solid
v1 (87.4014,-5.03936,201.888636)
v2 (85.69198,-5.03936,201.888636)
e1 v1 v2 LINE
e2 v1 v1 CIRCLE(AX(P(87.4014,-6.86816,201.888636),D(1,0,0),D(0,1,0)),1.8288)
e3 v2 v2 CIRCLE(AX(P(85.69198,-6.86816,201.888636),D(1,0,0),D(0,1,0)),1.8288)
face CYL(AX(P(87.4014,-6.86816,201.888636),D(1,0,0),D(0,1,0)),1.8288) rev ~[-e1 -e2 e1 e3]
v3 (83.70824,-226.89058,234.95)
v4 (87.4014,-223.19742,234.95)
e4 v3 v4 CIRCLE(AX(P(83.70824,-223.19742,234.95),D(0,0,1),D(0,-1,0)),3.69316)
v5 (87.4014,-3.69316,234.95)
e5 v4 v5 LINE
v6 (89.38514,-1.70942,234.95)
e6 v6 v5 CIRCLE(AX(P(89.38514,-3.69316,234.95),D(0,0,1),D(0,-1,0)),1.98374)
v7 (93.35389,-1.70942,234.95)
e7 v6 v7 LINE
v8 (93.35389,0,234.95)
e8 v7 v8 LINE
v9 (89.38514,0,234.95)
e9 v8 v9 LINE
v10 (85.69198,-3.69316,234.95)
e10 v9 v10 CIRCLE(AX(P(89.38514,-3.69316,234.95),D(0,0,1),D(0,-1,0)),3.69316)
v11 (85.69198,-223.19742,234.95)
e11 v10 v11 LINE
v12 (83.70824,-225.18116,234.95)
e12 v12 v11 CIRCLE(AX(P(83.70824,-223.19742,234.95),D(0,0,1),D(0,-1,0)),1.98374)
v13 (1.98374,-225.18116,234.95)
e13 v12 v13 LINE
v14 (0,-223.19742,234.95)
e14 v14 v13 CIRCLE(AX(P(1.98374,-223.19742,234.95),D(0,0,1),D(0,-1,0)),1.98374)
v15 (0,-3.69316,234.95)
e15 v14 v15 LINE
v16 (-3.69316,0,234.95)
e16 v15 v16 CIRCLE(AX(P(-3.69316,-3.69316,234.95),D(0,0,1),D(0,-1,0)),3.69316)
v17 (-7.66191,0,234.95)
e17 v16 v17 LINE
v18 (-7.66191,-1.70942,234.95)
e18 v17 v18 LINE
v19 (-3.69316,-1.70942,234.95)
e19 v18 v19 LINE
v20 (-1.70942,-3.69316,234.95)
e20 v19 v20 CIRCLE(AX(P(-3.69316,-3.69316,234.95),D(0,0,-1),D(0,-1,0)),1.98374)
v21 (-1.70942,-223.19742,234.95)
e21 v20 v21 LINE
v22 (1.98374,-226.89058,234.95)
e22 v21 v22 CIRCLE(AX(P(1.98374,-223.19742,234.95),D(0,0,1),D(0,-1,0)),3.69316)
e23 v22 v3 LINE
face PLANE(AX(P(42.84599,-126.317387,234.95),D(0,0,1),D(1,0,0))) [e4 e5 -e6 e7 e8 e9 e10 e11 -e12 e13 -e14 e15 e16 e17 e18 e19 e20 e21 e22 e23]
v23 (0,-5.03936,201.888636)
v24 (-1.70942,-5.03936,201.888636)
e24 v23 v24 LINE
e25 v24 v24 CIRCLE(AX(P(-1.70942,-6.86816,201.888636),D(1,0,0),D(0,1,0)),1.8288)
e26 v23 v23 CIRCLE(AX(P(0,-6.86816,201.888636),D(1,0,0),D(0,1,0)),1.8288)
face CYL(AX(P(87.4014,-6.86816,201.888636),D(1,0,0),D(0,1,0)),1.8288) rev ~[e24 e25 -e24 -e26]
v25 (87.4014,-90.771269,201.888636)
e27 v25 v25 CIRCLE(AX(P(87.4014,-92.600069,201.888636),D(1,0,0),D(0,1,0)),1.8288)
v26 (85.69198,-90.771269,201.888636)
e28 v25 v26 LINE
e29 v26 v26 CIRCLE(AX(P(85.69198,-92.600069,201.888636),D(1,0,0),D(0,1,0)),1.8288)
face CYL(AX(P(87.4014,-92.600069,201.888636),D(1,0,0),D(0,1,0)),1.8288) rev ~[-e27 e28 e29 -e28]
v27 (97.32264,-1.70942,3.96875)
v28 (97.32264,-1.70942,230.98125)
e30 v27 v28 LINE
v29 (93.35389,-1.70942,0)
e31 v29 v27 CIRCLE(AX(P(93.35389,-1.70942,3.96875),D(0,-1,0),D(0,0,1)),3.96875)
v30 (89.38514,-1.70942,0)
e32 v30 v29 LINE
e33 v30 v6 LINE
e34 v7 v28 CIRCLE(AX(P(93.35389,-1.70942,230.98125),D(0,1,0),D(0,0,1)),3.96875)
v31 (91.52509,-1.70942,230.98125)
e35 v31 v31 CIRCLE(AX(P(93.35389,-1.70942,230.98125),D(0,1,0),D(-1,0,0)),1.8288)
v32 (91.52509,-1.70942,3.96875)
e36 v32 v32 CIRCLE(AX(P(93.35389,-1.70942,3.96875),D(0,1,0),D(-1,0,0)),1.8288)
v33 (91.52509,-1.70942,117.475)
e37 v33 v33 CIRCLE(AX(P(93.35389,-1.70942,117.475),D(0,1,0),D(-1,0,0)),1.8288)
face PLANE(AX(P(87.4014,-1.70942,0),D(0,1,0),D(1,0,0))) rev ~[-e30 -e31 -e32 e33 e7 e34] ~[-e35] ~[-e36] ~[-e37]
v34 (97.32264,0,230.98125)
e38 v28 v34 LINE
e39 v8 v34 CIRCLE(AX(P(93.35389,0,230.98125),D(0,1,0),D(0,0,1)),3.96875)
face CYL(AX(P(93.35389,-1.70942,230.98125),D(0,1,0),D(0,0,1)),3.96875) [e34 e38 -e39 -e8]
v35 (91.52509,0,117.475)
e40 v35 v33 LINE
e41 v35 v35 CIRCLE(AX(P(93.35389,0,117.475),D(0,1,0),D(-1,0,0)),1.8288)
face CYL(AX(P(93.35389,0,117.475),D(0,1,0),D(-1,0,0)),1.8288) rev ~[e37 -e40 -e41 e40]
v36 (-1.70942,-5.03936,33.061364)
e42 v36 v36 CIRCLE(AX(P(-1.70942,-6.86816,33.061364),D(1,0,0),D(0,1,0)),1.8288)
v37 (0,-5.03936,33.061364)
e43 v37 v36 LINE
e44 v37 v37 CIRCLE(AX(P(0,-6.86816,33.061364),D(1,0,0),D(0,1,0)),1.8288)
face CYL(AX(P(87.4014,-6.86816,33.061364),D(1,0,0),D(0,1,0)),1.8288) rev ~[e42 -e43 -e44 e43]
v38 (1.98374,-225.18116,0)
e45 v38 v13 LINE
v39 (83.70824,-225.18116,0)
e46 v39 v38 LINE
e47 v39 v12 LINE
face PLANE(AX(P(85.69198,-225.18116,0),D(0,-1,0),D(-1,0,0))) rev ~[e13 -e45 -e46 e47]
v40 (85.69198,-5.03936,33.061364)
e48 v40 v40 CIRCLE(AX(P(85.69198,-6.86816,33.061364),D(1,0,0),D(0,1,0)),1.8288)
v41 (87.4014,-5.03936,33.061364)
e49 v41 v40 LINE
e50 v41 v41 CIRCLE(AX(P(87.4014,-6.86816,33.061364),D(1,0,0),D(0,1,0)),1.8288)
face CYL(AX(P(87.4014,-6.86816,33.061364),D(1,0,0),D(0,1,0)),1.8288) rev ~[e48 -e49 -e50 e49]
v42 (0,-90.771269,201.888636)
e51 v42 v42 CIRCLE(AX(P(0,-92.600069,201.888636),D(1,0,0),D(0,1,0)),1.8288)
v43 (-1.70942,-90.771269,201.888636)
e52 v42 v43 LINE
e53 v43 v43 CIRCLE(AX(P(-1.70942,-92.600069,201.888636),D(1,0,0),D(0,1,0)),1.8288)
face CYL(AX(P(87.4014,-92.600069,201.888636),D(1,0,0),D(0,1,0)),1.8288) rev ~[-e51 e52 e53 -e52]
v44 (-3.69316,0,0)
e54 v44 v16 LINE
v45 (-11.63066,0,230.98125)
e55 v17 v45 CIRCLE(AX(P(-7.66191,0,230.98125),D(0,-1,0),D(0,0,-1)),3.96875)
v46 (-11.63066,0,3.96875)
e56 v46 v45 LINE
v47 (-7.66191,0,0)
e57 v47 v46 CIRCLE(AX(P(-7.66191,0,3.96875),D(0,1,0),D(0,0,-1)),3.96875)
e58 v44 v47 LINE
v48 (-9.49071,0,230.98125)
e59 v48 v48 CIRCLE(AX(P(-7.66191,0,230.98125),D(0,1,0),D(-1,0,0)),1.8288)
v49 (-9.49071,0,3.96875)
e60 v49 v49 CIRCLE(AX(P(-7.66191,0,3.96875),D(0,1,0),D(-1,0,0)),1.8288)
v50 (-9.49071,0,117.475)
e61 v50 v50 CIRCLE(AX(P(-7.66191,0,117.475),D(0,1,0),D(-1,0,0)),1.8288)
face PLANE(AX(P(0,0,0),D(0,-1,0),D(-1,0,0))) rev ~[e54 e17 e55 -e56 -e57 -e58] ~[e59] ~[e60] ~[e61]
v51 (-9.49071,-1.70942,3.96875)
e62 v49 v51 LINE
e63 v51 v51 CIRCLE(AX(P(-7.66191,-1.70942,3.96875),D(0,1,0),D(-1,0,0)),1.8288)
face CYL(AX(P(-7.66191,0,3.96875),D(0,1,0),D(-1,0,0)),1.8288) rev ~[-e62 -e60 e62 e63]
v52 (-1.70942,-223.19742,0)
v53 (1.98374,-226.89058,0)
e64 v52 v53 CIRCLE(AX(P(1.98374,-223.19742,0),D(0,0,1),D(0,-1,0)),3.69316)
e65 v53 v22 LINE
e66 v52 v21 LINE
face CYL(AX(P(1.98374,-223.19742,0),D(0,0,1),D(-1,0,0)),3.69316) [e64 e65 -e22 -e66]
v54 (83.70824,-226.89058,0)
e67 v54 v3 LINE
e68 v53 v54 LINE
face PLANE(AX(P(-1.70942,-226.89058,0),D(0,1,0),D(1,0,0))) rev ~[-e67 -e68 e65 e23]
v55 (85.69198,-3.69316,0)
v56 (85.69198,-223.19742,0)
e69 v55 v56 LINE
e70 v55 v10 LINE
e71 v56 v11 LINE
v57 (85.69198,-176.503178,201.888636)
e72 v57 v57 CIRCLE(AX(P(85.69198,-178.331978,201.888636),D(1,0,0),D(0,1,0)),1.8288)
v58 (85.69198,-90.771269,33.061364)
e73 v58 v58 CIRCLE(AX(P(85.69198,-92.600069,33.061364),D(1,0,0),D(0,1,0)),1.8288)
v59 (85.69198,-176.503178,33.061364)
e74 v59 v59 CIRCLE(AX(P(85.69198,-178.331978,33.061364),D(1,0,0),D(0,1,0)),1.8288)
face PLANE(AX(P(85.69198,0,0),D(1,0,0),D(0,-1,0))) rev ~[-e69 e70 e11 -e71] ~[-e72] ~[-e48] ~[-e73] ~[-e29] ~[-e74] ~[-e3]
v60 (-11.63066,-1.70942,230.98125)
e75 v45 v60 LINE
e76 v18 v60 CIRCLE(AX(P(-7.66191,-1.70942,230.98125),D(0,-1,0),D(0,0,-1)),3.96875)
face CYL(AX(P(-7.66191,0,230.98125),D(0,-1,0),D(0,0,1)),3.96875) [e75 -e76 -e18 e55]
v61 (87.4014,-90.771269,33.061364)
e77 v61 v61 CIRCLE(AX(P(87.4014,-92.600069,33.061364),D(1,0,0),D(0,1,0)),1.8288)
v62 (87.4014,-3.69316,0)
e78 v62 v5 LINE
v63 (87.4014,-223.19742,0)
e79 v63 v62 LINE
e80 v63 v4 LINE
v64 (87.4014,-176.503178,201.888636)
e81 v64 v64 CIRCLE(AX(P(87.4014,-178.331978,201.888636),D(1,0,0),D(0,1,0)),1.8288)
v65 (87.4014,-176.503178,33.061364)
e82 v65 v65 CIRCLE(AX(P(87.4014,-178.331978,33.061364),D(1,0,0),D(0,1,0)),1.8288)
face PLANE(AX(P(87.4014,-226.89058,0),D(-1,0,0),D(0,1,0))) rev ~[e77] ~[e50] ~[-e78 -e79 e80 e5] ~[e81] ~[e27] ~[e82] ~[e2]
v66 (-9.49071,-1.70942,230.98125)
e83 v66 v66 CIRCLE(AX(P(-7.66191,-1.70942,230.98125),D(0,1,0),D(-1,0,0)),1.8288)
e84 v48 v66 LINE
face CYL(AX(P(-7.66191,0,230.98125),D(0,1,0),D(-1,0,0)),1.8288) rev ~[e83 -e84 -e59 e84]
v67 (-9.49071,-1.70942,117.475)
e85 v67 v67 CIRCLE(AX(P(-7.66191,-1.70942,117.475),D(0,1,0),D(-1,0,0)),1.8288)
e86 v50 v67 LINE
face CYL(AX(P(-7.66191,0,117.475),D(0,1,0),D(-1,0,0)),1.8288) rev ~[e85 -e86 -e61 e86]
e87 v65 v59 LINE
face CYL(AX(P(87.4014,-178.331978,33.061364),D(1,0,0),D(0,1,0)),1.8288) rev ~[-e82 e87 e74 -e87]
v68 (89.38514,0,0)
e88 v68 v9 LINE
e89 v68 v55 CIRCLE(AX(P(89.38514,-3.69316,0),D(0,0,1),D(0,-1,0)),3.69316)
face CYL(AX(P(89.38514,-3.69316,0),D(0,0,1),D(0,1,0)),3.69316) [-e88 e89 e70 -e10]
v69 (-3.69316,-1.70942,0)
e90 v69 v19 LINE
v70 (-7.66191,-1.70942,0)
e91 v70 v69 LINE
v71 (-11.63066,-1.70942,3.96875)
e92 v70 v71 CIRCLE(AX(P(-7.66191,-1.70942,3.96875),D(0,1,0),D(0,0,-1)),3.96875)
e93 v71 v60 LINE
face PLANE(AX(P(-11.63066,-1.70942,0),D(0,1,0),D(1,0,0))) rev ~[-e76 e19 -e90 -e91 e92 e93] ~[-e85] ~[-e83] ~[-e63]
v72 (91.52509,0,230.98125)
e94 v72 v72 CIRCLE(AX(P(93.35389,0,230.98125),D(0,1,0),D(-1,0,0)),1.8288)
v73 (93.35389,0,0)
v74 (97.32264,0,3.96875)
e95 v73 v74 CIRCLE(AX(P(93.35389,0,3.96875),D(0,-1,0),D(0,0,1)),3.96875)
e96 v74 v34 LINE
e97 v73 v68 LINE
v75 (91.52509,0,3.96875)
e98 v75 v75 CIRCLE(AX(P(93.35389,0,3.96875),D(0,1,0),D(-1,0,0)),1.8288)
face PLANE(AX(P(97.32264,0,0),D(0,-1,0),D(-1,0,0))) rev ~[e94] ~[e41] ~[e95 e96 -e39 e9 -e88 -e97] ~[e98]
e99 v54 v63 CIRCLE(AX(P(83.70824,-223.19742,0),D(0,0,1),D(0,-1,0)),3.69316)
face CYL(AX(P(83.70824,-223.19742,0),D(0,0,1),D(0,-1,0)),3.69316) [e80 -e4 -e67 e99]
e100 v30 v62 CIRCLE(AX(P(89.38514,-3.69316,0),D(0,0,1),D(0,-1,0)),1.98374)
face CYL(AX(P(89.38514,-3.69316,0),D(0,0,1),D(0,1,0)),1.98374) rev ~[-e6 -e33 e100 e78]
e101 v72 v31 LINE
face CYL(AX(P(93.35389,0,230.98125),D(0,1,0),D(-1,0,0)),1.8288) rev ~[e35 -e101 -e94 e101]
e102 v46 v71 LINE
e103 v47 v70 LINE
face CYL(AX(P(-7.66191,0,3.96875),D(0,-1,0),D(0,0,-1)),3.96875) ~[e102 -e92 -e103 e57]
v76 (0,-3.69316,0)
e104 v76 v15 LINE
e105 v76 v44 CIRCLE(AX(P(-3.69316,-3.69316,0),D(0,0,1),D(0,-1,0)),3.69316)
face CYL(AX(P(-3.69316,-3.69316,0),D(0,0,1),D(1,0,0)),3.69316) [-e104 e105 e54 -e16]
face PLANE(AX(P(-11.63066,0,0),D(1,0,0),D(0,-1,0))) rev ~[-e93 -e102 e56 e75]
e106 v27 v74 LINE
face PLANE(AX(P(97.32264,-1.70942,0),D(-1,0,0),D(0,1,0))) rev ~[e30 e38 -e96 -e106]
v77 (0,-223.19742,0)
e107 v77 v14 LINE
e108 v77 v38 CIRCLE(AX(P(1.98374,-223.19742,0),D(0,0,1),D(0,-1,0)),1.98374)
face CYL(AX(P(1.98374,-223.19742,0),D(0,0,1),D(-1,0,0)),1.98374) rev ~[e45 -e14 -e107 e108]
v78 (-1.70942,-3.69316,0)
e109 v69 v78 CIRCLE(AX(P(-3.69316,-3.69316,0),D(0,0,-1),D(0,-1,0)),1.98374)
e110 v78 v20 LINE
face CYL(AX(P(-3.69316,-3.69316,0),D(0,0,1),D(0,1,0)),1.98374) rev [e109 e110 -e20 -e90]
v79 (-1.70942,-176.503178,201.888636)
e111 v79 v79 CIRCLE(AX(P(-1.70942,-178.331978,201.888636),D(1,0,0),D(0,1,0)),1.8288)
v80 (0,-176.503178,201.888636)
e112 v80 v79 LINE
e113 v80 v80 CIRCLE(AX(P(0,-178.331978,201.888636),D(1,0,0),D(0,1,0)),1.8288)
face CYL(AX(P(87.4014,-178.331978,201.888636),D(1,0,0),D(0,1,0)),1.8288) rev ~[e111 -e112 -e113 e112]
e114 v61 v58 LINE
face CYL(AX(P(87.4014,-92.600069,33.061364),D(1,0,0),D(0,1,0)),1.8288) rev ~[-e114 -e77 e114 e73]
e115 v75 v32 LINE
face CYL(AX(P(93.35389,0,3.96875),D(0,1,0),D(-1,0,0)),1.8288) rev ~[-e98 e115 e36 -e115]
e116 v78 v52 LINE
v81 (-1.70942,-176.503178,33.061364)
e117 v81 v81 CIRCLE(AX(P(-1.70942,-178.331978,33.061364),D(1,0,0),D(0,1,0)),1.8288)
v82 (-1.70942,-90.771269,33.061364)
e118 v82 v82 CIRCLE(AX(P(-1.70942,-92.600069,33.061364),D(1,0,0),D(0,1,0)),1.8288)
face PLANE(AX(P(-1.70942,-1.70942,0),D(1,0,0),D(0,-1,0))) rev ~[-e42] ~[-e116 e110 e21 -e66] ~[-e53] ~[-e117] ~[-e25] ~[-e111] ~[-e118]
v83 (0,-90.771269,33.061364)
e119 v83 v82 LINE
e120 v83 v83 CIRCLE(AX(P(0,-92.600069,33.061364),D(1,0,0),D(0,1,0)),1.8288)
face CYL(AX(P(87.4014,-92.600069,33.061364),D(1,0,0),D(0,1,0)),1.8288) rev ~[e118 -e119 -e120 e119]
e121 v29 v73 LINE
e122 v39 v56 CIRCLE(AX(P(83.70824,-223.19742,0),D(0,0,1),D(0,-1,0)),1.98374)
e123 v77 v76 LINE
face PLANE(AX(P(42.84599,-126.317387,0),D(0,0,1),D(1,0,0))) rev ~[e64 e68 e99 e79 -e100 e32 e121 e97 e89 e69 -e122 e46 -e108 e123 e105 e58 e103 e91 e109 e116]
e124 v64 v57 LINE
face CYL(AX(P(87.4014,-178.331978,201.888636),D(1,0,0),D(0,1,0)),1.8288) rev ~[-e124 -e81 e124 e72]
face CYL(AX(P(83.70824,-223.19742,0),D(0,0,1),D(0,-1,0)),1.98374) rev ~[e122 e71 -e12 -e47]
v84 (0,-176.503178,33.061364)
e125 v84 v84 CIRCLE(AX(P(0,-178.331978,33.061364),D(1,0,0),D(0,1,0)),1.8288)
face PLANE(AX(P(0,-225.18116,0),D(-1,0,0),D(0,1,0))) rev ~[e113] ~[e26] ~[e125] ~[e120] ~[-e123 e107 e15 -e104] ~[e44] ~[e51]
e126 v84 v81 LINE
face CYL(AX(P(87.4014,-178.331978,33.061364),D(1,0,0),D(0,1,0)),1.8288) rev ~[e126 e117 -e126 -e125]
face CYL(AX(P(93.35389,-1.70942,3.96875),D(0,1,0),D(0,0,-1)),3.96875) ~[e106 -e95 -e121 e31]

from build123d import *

# Parameters (mm, degrees)
F1_DEPTH = 234.95
F2_R     = 3.69316
F3_R     = 1.98374
F4_R     = 3.96875
F5_R     = 1.8288
F6_DEPTH = 89.11082
F7_R     = 1.8288
F8_DEPTH = 1.70942


with BuildPart() as f1:
    # F0 (on Top) → F1 (new body)
    with BuildSketch(Plane.XY):
        Polygon((0, -225.18116), (0, 0), (-11.63066, 0), (-11.63066, -1.70942), (-1.70942, -1.70942), (-1.70942, -226.89058), (87.4014, -226.89058), (87.4014, -1.70942), (97.32264, -1.70942), (97.32264, 0), (85.69198, 0), (85.69198, -225.18116), align=None)
    extrude(amount=F1_DEPTH)

    # F2
    f2_edges = [f1.edges().sort_by_distance(p)[0] for p in [
        (-1.70942, -226.89058, 117.475),
        (87.4014, -226.89058, 117.475),
        (85.69198, 0, 117.475),
        (0, 0, 117.475),
    ]]
    fillet(f2_edges, radius=F2_R)

    # F3
    f3_edges = [f1.edges().sort_by_distance(p)[0] for p in [
        (0, -225.18116, 117.475),
        (85.69198, -225.18116, 117.475),
        (-1.70942, -1.70942, 117.475),
        (87.4014, -1.70942, 117.475),
    ]]
    fillet(f3_edges, radius=F3_R)

    # F4
    f4_edges = [f1.edges().sort_by_distance(p)[0] for p in [
        (-11.63066, -0.85471, 0),
        (-11.63066, -0.85471, 234.95),
        (97.32264, -0.85471, 234.95),
        (97.32264, -0.85471, 0),
    ]]
    fillet(f4_edges, radius=F4_R)

    # F5 (on face) → F6 (cut, through all)
    with BuildSketch(Plane.YZ.offset(87.4014)):
        with Locations((-6.86816, 33.061364)):
            Circle(F5_R)
        with Locations((-92.600069, 33.061364)):
            Circle(F5_R)
        with Locations((-178.331978, 33.061364)):
            Circle(F5_R)
        with Locations((-178.331978, 201.888636)):
            Circle(F5_R)
        with Locations((-92.600069, 201.888636)):
            Circle(F5_R)
        with Locations((-6.86816, 201.888636)):
            Circle(F5_R)
    extrude(amount=-F6_DEPTH, mode=Mode.SUBTRACT)

    # F7 (on face) → F8 (cut, through all)
    with BuildSketch(Plane(origin=(0, 0, 0), x_dir=(-1, 0, 0), z_dir=(0, 1, 0))):
        with Locations((-93.35389, 3.96875)):
            Circle(F7_R)
        with Locations((-93.35389, 117.475)):
            Circle(F7_R)
        with Locations((-93.35389, 230.98125)):
            Circle(F7_R)
        with Locations((7.66191, 230.98125)):
            Circle(F7_R)
        with Locations((7.66191, 117.475)):
            Circle(F7_R)
        with Locations((7.66191, 3.96875)):
            Circle(F7_R)
    extrude(amount=-F8_DEPTH, mode=Mode.SUBTRACT)


solid = f1.part
